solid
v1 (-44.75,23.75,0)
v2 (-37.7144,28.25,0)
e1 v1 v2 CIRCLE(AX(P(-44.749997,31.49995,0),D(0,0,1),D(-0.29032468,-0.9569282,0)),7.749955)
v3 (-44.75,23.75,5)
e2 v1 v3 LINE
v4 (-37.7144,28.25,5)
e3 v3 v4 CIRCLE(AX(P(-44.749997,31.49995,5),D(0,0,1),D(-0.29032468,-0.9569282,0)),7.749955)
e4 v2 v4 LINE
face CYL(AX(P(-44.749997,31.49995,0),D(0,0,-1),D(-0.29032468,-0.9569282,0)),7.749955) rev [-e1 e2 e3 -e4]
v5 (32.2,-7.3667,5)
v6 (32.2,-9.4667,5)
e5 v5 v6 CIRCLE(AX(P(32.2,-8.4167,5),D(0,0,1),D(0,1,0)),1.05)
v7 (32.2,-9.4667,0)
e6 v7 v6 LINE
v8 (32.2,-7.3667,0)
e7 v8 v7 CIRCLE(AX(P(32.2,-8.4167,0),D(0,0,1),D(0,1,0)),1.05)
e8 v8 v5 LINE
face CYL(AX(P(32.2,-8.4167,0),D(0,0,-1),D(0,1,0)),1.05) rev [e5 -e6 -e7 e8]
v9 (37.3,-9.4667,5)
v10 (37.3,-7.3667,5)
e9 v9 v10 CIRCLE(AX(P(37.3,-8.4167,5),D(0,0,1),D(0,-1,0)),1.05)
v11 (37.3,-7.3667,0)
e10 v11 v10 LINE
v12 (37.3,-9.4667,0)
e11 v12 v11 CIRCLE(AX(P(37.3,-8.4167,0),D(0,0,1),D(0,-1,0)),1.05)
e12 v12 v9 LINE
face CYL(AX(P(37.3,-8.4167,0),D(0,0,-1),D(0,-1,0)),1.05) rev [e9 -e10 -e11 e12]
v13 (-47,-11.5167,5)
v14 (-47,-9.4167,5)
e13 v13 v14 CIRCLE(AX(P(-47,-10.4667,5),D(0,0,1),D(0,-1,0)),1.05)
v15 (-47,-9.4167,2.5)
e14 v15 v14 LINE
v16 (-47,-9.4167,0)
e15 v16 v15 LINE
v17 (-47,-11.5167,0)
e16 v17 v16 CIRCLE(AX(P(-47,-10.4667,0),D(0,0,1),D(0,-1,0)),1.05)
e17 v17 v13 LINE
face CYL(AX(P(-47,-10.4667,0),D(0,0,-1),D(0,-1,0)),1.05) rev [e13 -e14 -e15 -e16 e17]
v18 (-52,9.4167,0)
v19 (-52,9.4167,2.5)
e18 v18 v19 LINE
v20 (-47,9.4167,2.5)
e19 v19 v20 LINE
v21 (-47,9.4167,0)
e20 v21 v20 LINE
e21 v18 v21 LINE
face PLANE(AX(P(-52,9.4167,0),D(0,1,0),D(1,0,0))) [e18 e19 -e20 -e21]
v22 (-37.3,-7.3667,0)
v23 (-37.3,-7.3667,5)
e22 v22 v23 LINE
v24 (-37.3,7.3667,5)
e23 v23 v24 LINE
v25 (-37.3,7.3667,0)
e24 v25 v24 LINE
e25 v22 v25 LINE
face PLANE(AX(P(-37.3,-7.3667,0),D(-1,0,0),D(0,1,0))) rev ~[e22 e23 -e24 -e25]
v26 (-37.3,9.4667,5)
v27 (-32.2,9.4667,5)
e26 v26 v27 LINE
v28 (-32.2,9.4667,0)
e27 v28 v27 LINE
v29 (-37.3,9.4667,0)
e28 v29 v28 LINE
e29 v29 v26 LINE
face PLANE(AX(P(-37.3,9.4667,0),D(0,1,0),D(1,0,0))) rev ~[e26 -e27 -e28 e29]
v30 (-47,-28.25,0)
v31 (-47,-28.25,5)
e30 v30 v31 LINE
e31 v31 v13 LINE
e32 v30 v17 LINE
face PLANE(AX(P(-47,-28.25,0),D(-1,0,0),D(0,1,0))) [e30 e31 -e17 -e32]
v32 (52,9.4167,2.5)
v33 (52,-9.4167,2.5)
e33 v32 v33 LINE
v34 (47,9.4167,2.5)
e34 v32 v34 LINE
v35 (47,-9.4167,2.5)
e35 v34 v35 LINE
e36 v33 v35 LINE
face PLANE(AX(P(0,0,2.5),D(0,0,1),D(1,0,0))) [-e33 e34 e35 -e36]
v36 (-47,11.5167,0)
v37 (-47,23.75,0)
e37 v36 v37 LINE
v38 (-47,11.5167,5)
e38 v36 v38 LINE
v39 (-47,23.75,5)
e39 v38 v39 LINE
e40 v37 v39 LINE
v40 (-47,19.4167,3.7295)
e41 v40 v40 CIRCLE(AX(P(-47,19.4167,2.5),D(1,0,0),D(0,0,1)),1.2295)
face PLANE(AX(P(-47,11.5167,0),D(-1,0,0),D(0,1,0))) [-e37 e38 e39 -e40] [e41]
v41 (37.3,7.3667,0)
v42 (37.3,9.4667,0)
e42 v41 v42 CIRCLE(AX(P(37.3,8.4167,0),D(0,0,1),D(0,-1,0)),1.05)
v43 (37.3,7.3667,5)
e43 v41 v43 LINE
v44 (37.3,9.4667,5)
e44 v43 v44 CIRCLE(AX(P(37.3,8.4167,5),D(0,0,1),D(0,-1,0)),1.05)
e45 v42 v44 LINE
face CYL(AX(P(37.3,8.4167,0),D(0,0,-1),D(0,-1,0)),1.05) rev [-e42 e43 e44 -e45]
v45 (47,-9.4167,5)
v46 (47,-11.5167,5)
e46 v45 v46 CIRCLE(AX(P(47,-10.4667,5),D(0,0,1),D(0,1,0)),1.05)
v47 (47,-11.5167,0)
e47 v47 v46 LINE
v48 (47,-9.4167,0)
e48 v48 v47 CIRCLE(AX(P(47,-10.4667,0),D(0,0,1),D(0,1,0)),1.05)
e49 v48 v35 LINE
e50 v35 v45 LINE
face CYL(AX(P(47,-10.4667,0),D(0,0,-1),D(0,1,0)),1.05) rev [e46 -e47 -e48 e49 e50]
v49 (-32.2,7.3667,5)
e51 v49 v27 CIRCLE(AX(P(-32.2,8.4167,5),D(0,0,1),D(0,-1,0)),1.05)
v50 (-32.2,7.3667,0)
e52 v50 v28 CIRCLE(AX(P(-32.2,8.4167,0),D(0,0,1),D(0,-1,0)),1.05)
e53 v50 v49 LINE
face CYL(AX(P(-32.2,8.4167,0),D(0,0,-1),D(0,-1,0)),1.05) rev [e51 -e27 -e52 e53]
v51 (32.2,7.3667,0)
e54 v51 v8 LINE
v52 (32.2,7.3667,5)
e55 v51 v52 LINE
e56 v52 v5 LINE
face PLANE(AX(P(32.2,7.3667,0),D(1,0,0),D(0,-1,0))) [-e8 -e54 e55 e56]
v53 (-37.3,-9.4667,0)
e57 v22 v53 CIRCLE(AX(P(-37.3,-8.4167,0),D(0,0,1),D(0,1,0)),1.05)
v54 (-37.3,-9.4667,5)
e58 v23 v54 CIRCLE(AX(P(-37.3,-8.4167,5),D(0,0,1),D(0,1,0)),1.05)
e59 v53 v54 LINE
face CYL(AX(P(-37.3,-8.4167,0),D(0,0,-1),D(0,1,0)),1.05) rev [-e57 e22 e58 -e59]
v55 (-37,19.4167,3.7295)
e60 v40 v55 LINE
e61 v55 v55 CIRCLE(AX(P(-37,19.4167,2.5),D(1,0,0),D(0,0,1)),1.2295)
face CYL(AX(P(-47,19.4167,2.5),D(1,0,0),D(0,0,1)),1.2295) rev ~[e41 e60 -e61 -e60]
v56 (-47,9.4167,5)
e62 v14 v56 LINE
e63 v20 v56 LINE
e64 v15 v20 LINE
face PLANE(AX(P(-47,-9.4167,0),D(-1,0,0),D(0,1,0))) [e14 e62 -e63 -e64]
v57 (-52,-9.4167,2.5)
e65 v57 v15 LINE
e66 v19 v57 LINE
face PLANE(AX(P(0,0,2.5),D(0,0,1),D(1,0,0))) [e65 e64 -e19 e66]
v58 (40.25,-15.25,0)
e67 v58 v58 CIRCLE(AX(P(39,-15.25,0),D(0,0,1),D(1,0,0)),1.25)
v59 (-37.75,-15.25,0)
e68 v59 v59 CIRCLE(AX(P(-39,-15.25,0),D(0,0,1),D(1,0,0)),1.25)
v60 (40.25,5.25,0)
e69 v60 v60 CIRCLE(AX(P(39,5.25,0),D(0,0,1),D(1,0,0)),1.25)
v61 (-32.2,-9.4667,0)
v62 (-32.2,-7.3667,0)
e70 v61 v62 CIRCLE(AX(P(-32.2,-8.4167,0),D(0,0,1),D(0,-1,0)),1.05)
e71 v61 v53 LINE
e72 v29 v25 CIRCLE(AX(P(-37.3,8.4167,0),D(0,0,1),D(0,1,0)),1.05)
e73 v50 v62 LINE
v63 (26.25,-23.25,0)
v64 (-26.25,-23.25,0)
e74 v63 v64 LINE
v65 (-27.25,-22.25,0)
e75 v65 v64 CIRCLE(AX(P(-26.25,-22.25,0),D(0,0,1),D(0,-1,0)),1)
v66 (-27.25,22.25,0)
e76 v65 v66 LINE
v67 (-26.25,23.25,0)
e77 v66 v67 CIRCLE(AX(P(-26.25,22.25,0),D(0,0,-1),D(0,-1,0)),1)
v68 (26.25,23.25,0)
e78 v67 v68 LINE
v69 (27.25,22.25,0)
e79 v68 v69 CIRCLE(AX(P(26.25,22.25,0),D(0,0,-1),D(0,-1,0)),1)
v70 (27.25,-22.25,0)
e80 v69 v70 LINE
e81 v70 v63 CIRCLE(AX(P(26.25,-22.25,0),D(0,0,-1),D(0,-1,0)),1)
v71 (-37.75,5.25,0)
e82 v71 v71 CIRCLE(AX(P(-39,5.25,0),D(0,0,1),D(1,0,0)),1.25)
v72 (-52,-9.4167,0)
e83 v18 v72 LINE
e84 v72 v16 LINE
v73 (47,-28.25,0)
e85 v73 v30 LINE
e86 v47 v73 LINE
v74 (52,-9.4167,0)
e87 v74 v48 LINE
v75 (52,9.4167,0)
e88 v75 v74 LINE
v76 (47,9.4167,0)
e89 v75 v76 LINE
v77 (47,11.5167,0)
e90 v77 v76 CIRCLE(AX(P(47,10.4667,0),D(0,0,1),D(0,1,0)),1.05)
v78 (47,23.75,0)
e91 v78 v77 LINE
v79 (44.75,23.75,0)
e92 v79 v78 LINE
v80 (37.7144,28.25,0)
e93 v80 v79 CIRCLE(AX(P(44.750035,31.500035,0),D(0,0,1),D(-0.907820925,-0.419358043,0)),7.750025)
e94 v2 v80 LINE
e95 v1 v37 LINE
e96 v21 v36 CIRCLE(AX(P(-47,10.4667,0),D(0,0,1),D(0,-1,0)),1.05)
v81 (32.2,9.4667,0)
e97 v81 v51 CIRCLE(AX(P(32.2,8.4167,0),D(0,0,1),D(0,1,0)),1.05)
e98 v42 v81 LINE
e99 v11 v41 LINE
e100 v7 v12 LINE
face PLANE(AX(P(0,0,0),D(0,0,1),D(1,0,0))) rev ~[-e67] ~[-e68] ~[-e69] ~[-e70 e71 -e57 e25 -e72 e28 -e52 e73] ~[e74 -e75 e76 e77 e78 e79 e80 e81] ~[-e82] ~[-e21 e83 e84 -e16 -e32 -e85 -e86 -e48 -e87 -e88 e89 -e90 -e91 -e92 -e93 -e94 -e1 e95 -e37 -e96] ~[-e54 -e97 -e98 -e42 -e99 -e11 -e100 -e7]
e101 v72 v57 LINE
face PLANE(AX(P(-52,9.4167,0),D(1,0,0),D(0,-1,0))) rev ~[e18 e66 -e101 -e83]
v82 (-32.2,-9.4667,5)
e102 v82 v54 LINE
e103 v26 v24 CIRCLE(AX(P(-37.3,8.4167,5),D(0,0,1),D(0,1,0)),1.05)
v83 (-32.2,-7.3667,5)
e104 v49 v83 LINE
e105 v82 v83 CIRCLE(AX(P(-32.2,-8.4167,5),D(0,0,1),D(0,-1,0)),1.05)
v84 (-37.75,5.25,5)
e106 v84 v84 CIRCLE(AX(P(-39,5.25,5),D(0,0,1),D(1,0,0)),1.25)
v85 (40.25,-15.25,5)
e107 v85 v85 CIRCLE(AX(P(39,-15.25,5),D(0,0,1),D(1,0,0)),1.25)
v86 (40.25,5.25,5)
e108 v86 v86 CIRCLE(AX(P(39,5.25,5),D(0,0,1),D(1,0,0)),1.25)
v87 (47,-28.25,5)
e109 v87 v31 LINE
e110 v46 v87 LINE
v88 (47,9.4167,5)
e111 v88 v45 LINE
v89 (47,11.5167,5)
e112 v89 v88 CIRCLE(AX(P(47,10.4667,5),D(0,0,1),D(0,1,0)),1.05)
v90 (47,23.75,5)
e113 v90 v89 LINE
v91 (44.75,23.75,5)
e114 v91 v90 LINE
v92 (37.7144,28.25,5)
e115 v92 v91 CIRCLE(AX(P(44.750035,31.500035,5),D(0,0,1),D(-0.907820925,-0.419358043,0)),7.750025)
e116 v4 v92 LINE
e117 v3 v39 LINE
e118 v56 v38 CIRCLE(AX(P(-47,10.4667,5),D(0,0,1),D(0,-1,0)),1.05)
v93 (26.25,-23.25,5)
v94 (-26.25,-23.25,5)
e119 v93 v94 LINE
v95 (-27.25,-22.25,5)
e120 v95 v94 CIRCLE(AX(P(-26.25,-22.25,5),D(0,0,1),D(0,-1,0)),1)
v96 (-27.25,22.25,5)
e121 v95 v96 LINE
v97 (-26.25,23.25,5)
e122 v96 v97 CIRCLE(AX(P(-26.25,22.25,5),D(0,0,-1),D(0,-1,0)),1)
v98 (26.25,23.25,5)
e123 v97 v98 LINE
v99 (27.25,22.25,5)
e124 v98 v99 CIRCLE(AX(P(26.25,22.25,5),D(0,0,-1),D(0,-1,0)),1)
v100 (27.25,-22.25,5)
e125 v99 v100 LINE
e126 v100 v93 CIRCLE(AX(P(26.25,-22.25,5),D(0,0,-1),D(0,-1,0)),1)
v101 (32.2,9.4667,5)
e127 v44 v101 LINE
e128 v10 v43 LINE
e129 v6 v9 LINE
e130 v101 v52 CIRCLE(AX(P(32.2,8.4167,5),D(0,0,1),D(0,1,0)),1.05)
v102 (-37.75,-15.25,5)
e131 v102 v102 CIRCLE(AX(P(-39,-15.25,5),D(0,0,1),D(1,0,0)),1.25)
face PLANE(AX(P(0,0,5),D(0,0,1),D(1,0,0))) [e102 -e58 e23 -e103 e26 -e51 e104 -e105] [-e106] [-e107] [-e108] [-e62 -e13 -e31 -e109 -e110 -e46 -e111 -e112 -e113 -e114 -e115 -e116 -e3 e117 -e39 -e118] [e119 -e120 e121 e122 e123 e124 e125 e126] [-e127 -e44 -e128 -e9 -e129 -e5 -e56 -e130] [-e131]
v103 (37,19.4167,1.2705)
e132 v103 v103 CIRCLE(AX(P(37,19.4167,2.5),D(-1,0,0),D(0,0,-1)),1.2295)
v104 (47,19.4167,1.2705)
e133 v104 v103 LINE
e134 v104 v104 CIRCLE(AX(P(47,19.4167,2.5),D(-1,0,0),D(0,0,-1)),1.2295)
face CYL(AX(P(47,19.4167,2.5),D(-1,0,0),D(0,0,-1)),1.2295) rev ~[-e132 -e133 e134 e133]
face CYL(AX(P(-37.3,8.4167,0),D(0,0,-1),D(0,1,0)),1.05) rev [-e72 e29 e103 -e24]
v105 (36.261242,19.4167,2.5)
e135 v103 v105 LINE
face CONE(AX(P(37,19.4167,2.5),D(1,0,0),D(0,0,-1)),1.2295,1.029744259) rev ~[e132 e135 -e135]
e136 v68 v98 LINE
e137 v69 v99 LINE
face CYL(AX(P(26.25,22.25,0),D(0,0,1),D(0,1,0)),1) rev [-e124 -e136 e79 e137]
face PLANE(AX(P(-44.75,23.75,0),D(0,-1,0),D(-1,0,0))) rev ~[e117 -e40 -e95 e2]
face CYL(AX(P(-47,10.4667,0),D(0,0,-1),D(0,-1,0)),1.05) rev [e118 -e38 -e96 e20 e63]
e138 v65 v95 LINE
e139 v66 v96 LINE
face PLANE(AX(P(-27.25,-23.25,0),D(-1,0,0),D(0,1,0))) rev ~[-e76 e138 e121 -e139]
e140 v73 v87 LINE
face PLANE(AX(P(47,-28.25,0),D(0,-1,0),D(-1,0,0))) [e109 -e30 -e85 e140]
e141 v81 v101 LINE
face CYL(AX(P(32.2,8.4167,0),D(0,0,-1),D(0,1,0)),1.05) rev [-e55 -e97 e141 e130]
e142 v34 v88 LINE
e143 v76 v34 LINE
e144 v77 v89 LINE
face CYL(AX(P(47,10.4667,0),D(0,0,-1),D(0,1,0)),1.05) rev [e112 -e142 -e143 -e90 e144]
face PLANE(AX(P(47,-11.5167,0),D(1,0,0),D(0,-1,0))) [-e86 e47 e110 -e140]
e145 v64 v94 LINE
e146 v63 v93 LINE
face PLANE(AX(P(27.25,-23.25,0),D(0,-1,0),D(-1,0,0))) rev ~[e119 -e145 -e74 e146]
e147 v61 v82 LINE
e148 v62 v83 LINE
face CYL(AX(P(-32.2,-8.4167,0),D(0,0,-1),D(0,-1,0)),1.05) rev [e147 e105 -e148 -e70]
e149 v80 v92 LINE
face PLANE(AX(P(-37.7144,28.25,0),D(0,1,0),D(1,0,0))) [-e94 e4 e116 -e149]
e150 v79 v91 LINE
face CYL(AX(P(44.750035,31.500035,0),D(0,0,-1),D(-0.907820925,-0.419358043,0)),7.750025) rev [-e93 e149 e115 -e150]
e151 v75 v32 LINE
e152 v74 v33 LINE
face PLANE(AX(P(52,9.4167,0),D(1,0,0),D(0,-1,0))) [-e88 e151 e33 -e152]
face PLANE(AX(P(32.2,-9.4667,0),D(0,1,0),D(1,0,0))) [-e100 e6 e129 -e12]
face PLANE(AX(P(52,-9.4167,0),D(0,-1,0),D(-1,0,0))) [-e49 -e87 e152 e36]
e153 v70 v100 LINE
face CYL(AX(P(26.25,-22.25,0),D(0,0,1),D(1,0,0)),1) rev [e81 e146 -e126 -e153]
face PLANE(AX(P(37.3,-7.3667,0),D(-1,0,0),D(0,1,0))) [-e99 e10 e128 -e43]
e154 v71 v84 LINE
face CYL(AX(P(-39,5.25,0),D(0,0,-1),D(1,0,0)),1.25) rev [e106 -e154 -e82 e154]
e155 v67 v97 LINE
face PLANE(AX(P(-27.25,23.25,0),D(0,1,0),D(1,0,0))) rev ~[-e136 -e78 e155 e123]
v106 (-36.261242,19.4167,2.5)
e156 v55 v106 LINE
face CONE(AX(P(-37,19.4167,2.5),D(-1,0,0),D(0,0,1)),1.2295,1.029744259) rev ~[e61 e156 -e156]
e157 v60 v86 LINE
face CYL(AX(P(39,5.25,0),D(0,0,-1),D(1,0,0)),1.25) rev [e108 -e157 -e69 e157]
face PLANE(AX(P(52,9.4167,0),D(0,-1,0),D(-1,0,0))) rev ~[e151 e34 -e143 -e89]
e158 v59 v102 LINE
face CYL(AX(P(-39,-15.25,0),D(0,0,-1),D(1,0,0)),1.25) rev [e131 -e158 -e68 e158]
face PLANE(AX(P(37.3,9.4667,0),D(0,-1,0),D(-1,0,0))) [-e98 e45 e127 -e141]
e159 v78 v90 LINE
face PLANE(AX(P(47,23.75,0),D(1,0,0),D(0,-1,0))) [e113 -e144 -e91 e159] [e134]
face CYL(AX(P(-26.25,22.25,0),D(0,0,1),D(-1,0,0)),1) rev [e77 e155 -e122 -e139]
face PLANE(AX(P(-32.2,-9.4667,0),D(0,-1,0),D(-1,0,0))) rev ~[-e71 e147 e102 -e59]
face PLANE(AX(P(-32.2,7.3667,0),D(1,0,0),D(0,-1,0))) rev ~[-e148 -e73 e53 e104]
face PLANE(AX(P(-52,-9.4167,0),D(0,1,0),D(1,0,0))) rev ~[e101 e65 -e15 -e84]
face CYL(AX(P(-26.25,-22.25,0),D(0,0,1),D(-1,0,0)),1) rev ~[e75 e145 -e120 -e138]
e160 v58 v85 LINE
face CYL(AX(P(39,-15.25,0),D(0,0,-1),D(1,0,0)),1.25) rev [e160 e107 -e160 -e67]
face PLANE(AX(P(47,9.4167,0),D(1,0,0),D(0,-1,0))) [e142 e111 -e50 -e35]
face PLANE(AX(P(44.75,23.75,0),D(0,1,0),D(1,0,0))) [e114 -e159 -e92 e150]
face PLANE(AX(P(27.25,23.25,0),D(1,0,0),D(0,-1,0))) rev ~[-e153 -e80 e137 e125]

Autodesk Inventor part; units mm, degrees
ref_plane "YZ Plane" through (0, 0, 0) normal (1, 0, 0) x (0, 1, 0)
ref_plane "XZ Plane" through (0, 0, 0) normal (0, 1, 0) x (-1, 0, 0)
ref_plane "XY Plane" through (0, 0, 0) normal (0, 0, 1) x (1, 0, 0)
sketch "スケッチ1" plane through (0, 0, 0) normal (0, 0, 1) x (1, 0, 0)
  line L0 (-47, 28.25) -> (-37.7144, 28.25)
  line L1 (47, 28.25) -> (47, 23.75)
  line L2 (47, -28.25) -> (-47, -28.25)
  line L3 (-47, -28.25) -> (-47, -11.5167)
  line L4 (-47, 28.25) -> (47, -28.25) construction
  line L5 (47, 28.25) -> (-47, -28.25) construction
  line L6 (0, 28.25) -> (0, -28.25) construction
  line L7 (-37.25, 9.4167) -> (-32.25, 9.4167) construction
  line L8 (-32.25, 9.4167) -> (-32.25, -9.4167) construction
  line L9 (-32.25, -9.4167) -> (-37.25, -9.4167) construction
  line L10 (-37.25, -9.4167) -> (-37.25, 9.4167) construction
  line L11 (-37.25, 9.4167) -> (-32.25, -9.4167) construction
  line L12 (-32.25, 9.4167) -> (-37.25, -9.4167) construction
  line L13 (-37.3, 9.4667) -> (-32.2, 9.4667)
  line L14 (-32.2, 9.4667) -> (-32.2, 7.3667) construction
  line L15 (-32.2, -9.4667) -> (-37.3, -9.4667)
  line L16 (-37.3, -9.4667) -> (-37.3, -7.3667) construction
  line L17 (-37.3, 9.4667) -> (-32.2, -9.4667) construction
  line L18 (-32.2, 9.4667) -> (-37.3, -9.4667) construction
  arc A0 (-37.3, 9.4667) -> (-37.3, 7.3667) centre (-37.3, 8.4167) ccw
  line L19 (-34.75, 9.4667) -> (-34.75, -9.4667) construction
  arc A1 (-32.2, 7.3667) -> (-32.2, 9.4667) centre (-32.2, 8.4167) ccw
  line L20 (-37.3, 7.3667) -> (-37.3, 9.4667) construction
  line L21 (-32.2, 7.3667) -> (-32.2, -7.3667)
  line L22 (-37.3, -7.3667) -> (-37.3, 7.3667)
  line L23 (-32.2, -7.3667) -> (-32.2, -9.4667) construction
  line L24 (37.25, 9.4167) -> (32.25, 9.4167) construction
  line L25 (32.25, 9.4167) -> (32.25, -9.4167) construction
  line L26 (32.25, -9.4167) -> (37.25, -9.4167) construction
  line L27 (37.25, -9.4167) -> (37.25, 9.4167) construction
  line L28 (37.25, 9.4167) -> (32.25, -9.4167) construction
  line L29 (32.25, 9.4167) -> (37.25, -9.4167) construction
  line L30 (37.3, 9.4667) -> (32.2, 9.4667)
  line L31 (32.2, 9.4667) -> (32.2, 7.3667) construction
  line L32 (32.2, -9.4667) -> (37.3, -9.4667)
  line L33 (37.3, -9.4667) -> (37.3, -7.3667) construction
  line L34 (37.3, 9.4667) -> (32.2, -9.4667) construction
  line L35 (32.2, 9.4667) -> (37.3, -9.4667) construction
  arc A2 (37.3, 7.3667) -> (37.3, 9.4667) centre (37.3, 8.4167) ccw
  line L36 (34.75, 9.4667) -> (34.75, -9.4667) construction
  arc A3 (32.2, 9.4667) -> (32.2, 7.3667) centre (32.2, 8.4167) ccw
  line L37 (37.3, 7.3667) -> (37.3, 9.4667) construction
  line L38 (32.2, 7.3667) -> (32.2, -7.3667)
  line L39 (37.3, -7.3667) -> (37.3, 7.3667)
  line L40 (32.2, -7.3667) -> (32.2, -9.4667) construction
  line L41 (-52, 9.4167) -> (-52, -9.4167)
  line L42 (-52, 9.4167) -> (-47, 9.4167)
  arc A4 (-47, 9.4167) -> (-47, 11.5167) centre (-47, 10.4667) ccw
  line L43 (-47, 11.5167) -> (-47, 23.75)
  line L44 (-47, -11.5167) -> (-47, 11.5167)
  line L45 (52, 9.4167) -> (52, -9.4167)
  line L46 (52, 9.4167) -> (47, 9.4167)
  arc A5 (47, 11.5167) -> (47, 9.4167) centre (47, 10.4667) ccw
  line L47 (47, 11.5167) -> (47, -11.5167)
  line L48 (47, -11.5167) -> (47, -28.25)
  line L49 (-52, 0) -> (52, 0) construction
  line L50 (-52, -9.4167) -> (-47, -9.4167)
  arc A6 (-47, -11.5167) -> (-47, -9.4167) centre (-47, -10.4667) ccw
  arc A7 (47, -9.4167) -> (47, -11.5167) centre (47, -10.4667) ccw
  line L51 (52, -9.4167) -> (47, -9.4167)
  line L52 (-37.3, 0) -> (-32.2, 0) construction
  arc A8 (-37.3, -7.3667) -> (-37.3, -9.4667) centre (-37.3, -8.4167) ccw
  arc A9 (-32.2, -9.4667) -> (-32.2, -7.3667) centre (-32.2, -8.4167) ccw
  arc A10 (32.2, -7.3667) -> (32.2, -9.4667) centre (32.2, -8.4167) ccw
  arc A11 (37.3, -9.4667) -> (37.3, -7.3667) centre (37.3, -8.4167) ccw
  arc A12 (-47, 24.0838) -> (-37.7144, 28.25) centre (-44.75, 31.5) ccw
  arc A13 (37.7144, 28.25) -> (47, 24.0838) centre (44.75, 31.5) ccw
  line L53 (-47, 24.0838) -> (-47, 28.25)
  line L54 (-37.7144, 28.25) -> (47, 28.25)
  arc A14 (-37.7144, 28.25) -> (-47, 24.0838) centre (-44.75, 31.5) ccw
  arc A15 (47, 24.0838) -> (37.7144, 28.25) centre (44.75, 31.5) ccw
  line L55 (-44.75, 23.75) -> (-47, 23.75)
  line L56 (44.75, 23.75) -> (47, 23.75)
  line L57 (-47, 23.75) -> (-47, 24.0838)
  line L58 (47, 23.75) -> (47, 11.5167)
  line L59 (-27.25, 23.25) -> (27.25, 23.25)
  line L60 (27.25, 23.25) -> (27.25, -23.25)
  line L61 (27.25, -23.25) -> (-27.25, -23.25)
  line L62 (-27.25, -23.25) -> (-27.25, 23.25)
  line L63 (-27.25, 23.25) -> (27.25, -23.25) construction
  line L64 (27.25, 23.25) -> (-27.25, -23.25) construction
  line L65 (-42, 8.25) -> (42, 8.25) construction
  line L66 (42, 8.25) -> (42, -18.25) construction
  line L67 (42, -18.25) -> (-42, -18.25) construction
  line L68 (-42, -18.25) -> (-42, 8.25) construction
  line L69 (-42, 8.25) -> (42, -18.25) construction
  line L70 (42, 8.25) -> (-42, -18.25) construction
  circle A16 centre (-39, 5.25) radius 1.25
  line L71 (-42, -5) -> (42, -5) construction
  circle A17 centre (-39, -15.25) radius 1.25
  circle A18 centre (39, 5.25) radius 1.25
  circle A19 centre (39, -15.25) radius 1.25
  point P0 (0, 0)
  point P1 (-34.75, 0)
  point P2 (34.75, 0)
  point P3 (0, 0)
  point P4 (-34.75, 0)
  point P5 (-34.75, 0)
  point P6 (0, 0)
  point P7 (0, 0)
  point P8 (47, 9.4167)
  point P9 (47, 9.4167)
  point P10 (0, -5)
  point P11 (0, -5)
  dimension "d57" = 90
  dimension "d0" = 94
  dimension "d1" = 56.5
  dimension "d2" = 5
  dimension "d3" = 18.8333
  dimension "d4" = 1.05
  dimension "d5" = 0.05
  dimension "d6" = 0.05
  dimension "d7" = 64.5
  dimension "d10" = 1.05
  dimension "d11" = 5
  dimension "d34" = 18.8333
  dimension "d40" = 31.5
  dimension "d41" = 89.5
  dimension "d42" = 15.5
  dimension "d43" = 52
  dimension "d60" = 5
  dimension "d63" = 5
  dimension "d69" = 5
  dimension "d70" = 20
  dimension "d71" = 10
  dimension "d72" = 84
  dimension "d73" = 26.5
  dimension "d78" = 2.5
  dimension "d80" = 3
  dimension "d81" = 3
extrude "押し出し1" add sketch "スケッチ1" along normal blind 5 contours L54 A13 L56 L58 A5 L47 A7 L48 L2 L3 A6 L44 A4 L43 L55 A12
extrude "押し出し2" add sketch "スケッチ1" along normal blind 2.5 contours L44 L50 L41 L42 | L46 L45 L51 L47
sketch "スケッチ2" plane through (47, 11.5167, 0) normal (1, 0, 0) x (0, 0, -1)
  line L0 (0, -23.0333) -> (-5, -23.0333) projected
  line L1 (-2.5, -23.0333) -> (-2.5, -39.7667)
  line L2 (0, -39.7667) -> (-5, -39.7667) projected
  line L3 (0, -2.1) -> (-2.5, -2.1) projected
  line L4 (0, -20.9333) -> (-2.5, -20.9333) projected
  point P0 (0, -11.5167)
  point P1 (-2.5, 7.9)
  dimension "d67" = 10
hole "穴1" at (47, 19.4167, 2.5) direction (-1, 0, 0) diameter 2.459 depth 10 tip angle 118 thread size "M3x0.5" class "6H" standard "ANSI Metric M Profile"
sketch "スケッチ3" plane through (-47, 11.5167, 0) normal (-1, 0, 0) x (0, 0, 1)
  circle A0 centre (2.5, 7.9) radius 1.2295 projected
  circle A1 centre (2.5, -30.9333) radius 1.2295 projected
  point P0 (0, -11.5167)
  point P1 (2.5, 7.9)
hole "穴2" at (-47, 19.4167, 2.5) direction (1, 0, 0) diameter 2.459 depth 10 tip angle 118 thread size "M3x0.5" class "6H" standard "ANSI Metric M Profile"
fillet "フィレット1" radius 1 4 edges at (-27.25, 23.25, 2.5) (-27.25, -23.25, 2.5) (27.25, -23.25, 2.5) (27.25, 23.25, 2.5)
equation "\"d3\" = d34"
equation "\"d6\" = d5"
equation "\"d10\" = d4"
properties part number "Cockpit_horizontal_frame_04" material "アセタール樹脂、黒"
